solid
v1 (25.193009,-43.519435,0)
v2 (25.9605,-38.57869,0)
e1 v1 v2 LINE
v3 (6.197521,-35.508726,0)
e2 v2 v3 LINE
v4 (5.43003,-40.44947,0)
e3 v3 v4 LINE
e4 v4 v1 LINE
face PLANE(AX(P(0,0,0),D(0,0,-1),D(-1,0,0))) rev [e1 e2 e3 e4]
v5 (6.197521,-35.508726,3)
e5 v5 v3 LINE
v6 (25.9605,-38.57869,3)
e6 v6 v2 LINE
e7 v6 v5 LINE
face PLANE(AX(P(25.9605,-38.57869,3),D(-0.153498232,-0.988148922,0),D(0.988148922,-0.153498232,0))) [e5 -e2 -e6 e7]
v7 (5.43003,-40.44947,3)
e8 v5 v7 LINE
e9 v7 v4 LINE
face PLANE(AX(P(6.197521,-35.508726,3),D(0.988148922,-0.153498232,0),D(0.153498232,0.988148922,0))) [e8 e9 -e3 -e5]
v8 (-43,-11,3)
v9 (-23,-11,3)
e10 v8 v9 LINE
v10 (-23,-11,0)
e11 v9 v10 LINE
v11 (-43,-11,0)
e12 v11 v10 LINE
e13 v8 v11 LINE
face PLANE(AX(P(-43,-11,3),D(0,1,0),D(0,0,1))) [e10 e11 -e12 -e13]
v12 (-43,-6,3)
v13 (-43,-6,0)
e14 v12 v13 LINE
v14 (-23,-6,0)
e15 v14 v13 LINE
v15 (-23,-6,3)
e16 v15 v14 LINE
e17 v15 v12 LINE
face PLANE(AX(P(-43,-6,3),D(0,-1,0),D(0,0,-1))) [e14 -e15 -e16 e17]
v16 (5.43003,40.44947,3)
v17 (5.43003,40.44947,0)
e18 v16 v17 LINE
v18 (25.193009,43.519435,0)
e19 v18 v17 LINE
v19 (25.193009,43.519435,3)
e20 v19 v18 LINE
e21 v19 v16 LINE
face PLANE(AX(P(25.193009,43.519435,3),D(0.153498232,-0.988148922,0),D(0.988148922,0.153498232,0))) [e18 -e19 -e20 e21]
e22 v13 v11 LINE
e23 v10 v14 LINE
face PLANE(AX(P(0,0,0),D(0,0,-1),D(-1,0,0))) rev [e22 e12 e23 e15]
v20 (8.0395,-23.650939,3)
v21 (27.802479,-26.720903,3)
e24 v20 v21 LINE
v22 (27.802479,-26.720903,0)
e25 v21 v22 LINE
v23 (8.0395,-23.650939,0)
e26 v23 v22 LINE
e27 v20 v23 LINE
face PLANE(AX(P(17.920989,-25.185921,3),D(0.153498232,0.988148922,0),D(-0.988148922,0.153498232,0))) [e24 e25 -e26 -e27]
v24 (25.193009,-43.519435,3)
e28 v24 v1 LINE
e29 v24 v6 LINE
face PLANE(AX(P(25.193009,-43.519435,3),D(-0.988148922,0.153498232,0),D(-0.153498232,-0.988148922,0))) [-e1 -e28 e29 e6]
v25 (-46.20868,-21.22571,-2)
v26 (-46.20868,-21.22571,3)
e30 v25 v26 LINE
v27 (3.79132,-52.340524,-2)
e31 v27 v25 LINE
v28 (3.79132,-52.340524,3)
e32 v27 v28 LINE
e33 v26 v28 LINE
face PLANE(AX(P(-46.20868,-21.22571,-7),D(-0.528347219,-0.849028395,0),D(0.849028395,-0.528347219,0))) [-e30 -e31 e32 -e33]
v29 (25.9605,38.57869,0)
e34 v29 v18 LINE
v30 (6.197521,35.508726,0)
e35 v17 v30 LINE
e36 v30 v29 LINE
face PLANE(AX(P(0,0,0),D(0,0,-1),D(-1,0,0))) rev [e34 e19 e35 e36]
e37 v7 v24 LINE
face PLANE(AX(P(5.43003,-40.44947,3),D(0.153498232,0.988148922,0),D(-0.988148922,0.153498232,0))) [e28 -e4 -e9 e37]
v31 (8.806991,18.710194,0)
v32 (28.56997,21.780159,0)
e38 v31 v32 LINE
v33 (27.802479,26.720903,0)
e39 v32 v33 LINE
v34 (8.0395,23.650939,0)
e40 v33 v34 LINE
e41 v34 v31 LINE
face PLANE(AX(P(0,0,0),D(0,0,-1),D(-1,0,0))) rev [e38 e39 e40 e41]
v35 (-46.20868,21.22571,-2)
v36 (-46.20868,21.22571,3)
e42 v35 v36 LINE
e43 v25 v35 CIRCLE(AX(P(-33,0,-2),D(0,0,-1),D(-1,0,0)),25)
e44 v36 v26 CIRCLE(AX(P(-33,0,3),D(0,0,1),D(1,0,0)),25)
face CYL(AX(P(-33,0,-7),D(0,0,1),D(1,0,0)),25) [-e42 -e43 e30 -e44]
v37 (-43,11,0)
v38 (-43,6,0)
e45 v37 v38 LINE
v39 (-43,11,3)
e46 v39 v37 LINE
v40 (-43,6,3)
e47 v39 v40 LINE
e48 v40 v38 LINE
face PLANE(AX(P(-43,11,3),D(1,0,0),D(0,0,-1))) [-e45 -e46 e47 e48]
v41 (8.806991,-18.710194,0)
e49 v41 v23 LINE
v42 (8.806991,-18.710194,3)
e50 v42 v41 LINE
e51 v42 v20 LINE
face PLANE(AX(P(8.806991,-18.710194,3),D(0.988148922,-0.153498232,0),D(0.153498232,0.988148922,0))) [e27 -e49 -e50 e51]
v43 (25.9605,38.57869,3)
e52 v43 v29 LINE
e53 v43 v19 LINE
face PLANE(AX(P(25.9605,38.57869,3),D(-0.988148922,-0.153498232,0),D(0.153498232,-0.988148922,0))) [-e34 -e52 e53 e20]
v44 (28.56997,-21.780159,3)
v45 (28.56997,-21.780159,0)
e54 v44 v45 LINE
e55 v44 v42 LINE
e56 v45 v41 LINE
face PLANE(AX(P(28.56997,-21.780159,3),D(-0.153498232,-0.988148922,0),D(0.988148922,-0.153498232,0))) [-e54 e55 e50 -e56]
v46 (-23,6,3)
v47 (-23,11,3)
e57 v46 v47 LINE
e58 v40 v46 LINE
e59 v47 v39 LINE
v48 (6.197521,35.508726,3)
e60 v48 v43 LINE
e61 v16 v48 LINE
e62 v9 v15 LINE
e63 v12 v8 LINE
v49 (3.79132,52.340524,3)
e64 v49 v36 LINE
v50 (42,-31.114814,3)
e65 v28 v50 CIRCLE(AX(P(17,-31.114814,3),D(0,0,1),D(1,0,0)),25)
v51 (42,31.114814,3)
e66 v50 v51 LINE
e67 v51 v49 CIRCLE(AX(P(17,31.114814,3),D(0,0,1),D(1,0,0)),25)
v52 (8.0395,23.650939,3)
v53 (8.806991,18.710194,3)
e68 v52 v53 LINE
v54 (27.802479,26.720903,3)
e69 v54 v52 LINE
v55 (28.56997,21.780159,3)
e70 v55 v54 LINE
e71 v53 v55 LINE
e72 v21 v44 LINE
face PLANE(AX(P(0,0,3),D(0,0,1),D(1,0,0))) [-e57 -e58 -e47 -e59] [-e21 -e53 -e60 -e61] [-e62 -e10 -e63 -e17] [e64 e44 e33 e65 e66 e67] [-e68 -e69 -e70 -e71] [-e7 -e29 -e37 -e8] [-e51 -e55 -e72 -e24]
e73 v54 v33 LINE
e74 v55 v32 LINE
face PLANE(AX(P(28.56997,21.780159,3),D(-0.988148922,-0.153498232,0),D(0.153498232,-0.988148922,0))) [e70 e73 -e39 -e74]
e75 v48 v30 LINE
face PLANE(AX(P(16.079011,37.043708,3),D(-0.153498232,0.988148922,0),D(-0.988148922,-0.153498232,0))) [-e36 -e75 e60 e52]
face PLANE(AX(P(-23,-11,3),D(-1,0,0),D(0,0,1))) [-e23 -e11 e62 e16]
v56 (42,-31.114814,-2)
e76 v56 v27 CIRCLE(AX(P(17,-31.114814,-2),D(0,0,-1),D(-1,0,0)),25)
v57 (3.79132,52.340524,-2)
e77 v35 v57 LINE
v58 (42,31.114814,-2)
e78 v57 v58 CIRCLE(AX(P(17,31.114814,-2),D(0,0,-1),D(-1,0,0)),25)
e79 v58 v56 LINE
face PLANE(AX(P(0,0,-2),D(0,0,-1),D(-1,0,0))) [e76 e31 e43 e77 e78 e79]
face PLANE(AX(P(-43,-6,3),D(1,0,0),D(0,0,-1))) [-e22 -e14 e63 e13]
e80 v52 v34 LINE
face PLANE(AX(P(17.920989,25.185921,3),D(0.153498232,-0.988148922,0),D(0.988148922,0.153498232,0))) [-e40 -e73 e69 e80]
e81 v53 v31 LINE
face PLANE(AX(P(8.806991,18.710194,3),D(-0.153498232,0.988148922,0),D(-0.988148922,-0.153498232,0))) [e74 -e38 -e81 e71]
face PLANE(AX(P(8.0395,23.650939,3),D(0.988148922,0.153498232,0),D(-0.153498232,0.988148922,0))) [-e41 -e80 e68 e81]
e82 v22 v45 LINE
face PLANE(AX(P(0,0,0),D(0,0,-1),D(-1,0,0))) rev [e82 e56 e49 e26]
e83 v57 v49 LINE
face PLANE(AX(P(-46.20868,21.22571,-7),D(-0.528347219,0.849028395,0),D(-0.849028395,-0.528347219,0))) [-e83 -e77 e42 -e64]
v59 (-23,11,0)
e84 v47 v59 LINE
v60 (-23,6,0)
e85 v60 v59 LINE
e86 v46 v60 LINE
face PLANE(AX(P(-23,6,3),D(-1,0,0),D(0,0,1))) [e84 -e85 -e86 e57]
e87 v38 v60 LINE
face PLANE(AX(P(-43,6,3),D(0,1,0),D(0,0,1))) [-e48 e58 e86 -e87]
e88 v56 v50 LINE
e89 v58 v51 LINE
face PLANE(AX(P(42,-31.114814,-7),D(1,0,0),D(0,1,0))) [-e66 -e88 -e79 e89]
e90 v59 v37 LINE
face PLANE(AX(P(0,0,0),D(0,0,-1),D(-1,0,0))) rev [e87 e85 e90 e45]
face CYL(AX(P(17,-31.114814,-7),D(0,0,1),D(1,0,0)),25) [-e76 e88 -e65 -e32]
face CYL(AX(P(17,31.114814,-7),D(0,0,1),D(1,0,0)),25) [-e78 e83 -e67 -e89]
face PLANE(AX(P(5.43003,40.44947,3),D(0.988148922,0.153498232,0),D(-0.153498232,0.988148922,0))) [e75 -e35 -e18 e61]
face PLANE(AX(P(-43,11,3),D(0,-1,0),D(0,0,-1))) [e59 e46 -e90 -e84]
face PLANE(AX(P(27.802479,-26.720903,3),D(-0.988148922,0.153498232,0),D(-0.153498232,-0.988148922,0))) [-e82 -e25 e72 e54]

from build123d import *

# Parameters (mm, degrees)
IZIM1_R                     = 65
IZIM1_W                     = 20
IZIM1_H                     = 5
Y_KSEKLIK_EKSTR_ZYON1_DEPTH = 3
Y_KSEKLIK_EKSTR_ZYON2_START = 2
IZIM2_R                     = 65
Y_KSEKLIK_EKSTR_ZYON2_DEPTH = 2
SKETCH1_OUTSIDE_W           = 168.784
SKETCH1_OUTSIDE_H           = 168.784
CUT_EXTRUDE1_DEPTH          = 10


with BuildPart() as part:
    # Çizim1 → Yükseklik-Ekstrüzyon1 (new body)
    with BuildSketch(Plane.XY):
        Circle(IZIM1_R)
        Polygon((6.197521384, -35.508725619), (5.430030224, -40.449470231), (25.193008671, -43.519434871), (25.960499832, -38.578690259), (16.079010608, -37.043707939), align=None, mode=Mode.SUBTRACT)
        Polygon((8.806991329, -18.710193939), (8.039500168, -23.650938551), (17.920989392, -25.185920871), (27.802478616, -26.720903191), (28.569969776, -21.780158579), align=None, mode=Mode.SUBTRACT)
        with Locations((-33, -8.5)):
            Rectangle(IZIM1_W, IZIM1_H, mode=Mode.SUBTRACT)
        with Locations((-33, 8.5)):
            Rectangle(IZIM1_W, IZIM1_H, mode=Mode.SUBTRACT)
        Polygon((17.920989392, 25.185920871), (8.039500168, 23.650938551), (8.806991329, 18.710193939), (28.569969776, 21.780158579), (27.802478616, 26.720903191), align=None, mode=Mode.SUBTRACT)
        Polygon((16.079010608, 37.043707939), (25.960499832, 38.578690259), (25.193008671, 43.519434871), (5.430030224, 40.449470231), (6.197521384, 35.508725619), align=None, mode=Mode.SUBTRACT)
    extrude(amount=Y_KSEKLIK_EKSTR_ZYON1_DEPTH)

    # Çizim2 → Yükseklik-Ekstrüzyon2 (add)
    with BuildSketch(Plane(origin=(0, 0, 0), x_dir=(-1, 0, 0), z_dir=(0, 0, -1)).offset(Y_KSEKLIK_EKSTR_ZYON2_START)):
        Circle(IZIM2_R)
    extrude(amount=-Y_KSEKLIK_EKSTR_ZYON2_DEPTH)

    # Sketch1 outside → Cut-Extrude1 (cut)
    with BuildSketch(Plane.XY.offset(3)):
        Rectangle(SKETCH1_OUTSIDE_W, SKETCH1_OUTSIDE_H)
        with BuildLine():
            Line((-46.208680474, -21.225709885), (3.791319526, -52.34052429))
            ThreePointArc((3.791319526, -52.34052429), (29.140489861, -52.969070419), (42, -31.114814405))
            Line((42, -31.114814405), (42, 31.114814405))
            ThreePointArc((42, 31.114814405), (29.140489861, 52.969070419), (3.791319526, 52.34052429))
            Line((3.791319526, 52.34052429), (-46.208680474, 21.225709885))
            ThreePointArc((-46.208680474, 21.225709885), (-58, 0), (-46.208680474, -21.225709885))
        make_face(mode=Mode.SUBTRACT)
    extrude(amount=-CUT_EXTRUDE1_DEPTH, mode=Mode.SUBTRACT)


solid = part.part
